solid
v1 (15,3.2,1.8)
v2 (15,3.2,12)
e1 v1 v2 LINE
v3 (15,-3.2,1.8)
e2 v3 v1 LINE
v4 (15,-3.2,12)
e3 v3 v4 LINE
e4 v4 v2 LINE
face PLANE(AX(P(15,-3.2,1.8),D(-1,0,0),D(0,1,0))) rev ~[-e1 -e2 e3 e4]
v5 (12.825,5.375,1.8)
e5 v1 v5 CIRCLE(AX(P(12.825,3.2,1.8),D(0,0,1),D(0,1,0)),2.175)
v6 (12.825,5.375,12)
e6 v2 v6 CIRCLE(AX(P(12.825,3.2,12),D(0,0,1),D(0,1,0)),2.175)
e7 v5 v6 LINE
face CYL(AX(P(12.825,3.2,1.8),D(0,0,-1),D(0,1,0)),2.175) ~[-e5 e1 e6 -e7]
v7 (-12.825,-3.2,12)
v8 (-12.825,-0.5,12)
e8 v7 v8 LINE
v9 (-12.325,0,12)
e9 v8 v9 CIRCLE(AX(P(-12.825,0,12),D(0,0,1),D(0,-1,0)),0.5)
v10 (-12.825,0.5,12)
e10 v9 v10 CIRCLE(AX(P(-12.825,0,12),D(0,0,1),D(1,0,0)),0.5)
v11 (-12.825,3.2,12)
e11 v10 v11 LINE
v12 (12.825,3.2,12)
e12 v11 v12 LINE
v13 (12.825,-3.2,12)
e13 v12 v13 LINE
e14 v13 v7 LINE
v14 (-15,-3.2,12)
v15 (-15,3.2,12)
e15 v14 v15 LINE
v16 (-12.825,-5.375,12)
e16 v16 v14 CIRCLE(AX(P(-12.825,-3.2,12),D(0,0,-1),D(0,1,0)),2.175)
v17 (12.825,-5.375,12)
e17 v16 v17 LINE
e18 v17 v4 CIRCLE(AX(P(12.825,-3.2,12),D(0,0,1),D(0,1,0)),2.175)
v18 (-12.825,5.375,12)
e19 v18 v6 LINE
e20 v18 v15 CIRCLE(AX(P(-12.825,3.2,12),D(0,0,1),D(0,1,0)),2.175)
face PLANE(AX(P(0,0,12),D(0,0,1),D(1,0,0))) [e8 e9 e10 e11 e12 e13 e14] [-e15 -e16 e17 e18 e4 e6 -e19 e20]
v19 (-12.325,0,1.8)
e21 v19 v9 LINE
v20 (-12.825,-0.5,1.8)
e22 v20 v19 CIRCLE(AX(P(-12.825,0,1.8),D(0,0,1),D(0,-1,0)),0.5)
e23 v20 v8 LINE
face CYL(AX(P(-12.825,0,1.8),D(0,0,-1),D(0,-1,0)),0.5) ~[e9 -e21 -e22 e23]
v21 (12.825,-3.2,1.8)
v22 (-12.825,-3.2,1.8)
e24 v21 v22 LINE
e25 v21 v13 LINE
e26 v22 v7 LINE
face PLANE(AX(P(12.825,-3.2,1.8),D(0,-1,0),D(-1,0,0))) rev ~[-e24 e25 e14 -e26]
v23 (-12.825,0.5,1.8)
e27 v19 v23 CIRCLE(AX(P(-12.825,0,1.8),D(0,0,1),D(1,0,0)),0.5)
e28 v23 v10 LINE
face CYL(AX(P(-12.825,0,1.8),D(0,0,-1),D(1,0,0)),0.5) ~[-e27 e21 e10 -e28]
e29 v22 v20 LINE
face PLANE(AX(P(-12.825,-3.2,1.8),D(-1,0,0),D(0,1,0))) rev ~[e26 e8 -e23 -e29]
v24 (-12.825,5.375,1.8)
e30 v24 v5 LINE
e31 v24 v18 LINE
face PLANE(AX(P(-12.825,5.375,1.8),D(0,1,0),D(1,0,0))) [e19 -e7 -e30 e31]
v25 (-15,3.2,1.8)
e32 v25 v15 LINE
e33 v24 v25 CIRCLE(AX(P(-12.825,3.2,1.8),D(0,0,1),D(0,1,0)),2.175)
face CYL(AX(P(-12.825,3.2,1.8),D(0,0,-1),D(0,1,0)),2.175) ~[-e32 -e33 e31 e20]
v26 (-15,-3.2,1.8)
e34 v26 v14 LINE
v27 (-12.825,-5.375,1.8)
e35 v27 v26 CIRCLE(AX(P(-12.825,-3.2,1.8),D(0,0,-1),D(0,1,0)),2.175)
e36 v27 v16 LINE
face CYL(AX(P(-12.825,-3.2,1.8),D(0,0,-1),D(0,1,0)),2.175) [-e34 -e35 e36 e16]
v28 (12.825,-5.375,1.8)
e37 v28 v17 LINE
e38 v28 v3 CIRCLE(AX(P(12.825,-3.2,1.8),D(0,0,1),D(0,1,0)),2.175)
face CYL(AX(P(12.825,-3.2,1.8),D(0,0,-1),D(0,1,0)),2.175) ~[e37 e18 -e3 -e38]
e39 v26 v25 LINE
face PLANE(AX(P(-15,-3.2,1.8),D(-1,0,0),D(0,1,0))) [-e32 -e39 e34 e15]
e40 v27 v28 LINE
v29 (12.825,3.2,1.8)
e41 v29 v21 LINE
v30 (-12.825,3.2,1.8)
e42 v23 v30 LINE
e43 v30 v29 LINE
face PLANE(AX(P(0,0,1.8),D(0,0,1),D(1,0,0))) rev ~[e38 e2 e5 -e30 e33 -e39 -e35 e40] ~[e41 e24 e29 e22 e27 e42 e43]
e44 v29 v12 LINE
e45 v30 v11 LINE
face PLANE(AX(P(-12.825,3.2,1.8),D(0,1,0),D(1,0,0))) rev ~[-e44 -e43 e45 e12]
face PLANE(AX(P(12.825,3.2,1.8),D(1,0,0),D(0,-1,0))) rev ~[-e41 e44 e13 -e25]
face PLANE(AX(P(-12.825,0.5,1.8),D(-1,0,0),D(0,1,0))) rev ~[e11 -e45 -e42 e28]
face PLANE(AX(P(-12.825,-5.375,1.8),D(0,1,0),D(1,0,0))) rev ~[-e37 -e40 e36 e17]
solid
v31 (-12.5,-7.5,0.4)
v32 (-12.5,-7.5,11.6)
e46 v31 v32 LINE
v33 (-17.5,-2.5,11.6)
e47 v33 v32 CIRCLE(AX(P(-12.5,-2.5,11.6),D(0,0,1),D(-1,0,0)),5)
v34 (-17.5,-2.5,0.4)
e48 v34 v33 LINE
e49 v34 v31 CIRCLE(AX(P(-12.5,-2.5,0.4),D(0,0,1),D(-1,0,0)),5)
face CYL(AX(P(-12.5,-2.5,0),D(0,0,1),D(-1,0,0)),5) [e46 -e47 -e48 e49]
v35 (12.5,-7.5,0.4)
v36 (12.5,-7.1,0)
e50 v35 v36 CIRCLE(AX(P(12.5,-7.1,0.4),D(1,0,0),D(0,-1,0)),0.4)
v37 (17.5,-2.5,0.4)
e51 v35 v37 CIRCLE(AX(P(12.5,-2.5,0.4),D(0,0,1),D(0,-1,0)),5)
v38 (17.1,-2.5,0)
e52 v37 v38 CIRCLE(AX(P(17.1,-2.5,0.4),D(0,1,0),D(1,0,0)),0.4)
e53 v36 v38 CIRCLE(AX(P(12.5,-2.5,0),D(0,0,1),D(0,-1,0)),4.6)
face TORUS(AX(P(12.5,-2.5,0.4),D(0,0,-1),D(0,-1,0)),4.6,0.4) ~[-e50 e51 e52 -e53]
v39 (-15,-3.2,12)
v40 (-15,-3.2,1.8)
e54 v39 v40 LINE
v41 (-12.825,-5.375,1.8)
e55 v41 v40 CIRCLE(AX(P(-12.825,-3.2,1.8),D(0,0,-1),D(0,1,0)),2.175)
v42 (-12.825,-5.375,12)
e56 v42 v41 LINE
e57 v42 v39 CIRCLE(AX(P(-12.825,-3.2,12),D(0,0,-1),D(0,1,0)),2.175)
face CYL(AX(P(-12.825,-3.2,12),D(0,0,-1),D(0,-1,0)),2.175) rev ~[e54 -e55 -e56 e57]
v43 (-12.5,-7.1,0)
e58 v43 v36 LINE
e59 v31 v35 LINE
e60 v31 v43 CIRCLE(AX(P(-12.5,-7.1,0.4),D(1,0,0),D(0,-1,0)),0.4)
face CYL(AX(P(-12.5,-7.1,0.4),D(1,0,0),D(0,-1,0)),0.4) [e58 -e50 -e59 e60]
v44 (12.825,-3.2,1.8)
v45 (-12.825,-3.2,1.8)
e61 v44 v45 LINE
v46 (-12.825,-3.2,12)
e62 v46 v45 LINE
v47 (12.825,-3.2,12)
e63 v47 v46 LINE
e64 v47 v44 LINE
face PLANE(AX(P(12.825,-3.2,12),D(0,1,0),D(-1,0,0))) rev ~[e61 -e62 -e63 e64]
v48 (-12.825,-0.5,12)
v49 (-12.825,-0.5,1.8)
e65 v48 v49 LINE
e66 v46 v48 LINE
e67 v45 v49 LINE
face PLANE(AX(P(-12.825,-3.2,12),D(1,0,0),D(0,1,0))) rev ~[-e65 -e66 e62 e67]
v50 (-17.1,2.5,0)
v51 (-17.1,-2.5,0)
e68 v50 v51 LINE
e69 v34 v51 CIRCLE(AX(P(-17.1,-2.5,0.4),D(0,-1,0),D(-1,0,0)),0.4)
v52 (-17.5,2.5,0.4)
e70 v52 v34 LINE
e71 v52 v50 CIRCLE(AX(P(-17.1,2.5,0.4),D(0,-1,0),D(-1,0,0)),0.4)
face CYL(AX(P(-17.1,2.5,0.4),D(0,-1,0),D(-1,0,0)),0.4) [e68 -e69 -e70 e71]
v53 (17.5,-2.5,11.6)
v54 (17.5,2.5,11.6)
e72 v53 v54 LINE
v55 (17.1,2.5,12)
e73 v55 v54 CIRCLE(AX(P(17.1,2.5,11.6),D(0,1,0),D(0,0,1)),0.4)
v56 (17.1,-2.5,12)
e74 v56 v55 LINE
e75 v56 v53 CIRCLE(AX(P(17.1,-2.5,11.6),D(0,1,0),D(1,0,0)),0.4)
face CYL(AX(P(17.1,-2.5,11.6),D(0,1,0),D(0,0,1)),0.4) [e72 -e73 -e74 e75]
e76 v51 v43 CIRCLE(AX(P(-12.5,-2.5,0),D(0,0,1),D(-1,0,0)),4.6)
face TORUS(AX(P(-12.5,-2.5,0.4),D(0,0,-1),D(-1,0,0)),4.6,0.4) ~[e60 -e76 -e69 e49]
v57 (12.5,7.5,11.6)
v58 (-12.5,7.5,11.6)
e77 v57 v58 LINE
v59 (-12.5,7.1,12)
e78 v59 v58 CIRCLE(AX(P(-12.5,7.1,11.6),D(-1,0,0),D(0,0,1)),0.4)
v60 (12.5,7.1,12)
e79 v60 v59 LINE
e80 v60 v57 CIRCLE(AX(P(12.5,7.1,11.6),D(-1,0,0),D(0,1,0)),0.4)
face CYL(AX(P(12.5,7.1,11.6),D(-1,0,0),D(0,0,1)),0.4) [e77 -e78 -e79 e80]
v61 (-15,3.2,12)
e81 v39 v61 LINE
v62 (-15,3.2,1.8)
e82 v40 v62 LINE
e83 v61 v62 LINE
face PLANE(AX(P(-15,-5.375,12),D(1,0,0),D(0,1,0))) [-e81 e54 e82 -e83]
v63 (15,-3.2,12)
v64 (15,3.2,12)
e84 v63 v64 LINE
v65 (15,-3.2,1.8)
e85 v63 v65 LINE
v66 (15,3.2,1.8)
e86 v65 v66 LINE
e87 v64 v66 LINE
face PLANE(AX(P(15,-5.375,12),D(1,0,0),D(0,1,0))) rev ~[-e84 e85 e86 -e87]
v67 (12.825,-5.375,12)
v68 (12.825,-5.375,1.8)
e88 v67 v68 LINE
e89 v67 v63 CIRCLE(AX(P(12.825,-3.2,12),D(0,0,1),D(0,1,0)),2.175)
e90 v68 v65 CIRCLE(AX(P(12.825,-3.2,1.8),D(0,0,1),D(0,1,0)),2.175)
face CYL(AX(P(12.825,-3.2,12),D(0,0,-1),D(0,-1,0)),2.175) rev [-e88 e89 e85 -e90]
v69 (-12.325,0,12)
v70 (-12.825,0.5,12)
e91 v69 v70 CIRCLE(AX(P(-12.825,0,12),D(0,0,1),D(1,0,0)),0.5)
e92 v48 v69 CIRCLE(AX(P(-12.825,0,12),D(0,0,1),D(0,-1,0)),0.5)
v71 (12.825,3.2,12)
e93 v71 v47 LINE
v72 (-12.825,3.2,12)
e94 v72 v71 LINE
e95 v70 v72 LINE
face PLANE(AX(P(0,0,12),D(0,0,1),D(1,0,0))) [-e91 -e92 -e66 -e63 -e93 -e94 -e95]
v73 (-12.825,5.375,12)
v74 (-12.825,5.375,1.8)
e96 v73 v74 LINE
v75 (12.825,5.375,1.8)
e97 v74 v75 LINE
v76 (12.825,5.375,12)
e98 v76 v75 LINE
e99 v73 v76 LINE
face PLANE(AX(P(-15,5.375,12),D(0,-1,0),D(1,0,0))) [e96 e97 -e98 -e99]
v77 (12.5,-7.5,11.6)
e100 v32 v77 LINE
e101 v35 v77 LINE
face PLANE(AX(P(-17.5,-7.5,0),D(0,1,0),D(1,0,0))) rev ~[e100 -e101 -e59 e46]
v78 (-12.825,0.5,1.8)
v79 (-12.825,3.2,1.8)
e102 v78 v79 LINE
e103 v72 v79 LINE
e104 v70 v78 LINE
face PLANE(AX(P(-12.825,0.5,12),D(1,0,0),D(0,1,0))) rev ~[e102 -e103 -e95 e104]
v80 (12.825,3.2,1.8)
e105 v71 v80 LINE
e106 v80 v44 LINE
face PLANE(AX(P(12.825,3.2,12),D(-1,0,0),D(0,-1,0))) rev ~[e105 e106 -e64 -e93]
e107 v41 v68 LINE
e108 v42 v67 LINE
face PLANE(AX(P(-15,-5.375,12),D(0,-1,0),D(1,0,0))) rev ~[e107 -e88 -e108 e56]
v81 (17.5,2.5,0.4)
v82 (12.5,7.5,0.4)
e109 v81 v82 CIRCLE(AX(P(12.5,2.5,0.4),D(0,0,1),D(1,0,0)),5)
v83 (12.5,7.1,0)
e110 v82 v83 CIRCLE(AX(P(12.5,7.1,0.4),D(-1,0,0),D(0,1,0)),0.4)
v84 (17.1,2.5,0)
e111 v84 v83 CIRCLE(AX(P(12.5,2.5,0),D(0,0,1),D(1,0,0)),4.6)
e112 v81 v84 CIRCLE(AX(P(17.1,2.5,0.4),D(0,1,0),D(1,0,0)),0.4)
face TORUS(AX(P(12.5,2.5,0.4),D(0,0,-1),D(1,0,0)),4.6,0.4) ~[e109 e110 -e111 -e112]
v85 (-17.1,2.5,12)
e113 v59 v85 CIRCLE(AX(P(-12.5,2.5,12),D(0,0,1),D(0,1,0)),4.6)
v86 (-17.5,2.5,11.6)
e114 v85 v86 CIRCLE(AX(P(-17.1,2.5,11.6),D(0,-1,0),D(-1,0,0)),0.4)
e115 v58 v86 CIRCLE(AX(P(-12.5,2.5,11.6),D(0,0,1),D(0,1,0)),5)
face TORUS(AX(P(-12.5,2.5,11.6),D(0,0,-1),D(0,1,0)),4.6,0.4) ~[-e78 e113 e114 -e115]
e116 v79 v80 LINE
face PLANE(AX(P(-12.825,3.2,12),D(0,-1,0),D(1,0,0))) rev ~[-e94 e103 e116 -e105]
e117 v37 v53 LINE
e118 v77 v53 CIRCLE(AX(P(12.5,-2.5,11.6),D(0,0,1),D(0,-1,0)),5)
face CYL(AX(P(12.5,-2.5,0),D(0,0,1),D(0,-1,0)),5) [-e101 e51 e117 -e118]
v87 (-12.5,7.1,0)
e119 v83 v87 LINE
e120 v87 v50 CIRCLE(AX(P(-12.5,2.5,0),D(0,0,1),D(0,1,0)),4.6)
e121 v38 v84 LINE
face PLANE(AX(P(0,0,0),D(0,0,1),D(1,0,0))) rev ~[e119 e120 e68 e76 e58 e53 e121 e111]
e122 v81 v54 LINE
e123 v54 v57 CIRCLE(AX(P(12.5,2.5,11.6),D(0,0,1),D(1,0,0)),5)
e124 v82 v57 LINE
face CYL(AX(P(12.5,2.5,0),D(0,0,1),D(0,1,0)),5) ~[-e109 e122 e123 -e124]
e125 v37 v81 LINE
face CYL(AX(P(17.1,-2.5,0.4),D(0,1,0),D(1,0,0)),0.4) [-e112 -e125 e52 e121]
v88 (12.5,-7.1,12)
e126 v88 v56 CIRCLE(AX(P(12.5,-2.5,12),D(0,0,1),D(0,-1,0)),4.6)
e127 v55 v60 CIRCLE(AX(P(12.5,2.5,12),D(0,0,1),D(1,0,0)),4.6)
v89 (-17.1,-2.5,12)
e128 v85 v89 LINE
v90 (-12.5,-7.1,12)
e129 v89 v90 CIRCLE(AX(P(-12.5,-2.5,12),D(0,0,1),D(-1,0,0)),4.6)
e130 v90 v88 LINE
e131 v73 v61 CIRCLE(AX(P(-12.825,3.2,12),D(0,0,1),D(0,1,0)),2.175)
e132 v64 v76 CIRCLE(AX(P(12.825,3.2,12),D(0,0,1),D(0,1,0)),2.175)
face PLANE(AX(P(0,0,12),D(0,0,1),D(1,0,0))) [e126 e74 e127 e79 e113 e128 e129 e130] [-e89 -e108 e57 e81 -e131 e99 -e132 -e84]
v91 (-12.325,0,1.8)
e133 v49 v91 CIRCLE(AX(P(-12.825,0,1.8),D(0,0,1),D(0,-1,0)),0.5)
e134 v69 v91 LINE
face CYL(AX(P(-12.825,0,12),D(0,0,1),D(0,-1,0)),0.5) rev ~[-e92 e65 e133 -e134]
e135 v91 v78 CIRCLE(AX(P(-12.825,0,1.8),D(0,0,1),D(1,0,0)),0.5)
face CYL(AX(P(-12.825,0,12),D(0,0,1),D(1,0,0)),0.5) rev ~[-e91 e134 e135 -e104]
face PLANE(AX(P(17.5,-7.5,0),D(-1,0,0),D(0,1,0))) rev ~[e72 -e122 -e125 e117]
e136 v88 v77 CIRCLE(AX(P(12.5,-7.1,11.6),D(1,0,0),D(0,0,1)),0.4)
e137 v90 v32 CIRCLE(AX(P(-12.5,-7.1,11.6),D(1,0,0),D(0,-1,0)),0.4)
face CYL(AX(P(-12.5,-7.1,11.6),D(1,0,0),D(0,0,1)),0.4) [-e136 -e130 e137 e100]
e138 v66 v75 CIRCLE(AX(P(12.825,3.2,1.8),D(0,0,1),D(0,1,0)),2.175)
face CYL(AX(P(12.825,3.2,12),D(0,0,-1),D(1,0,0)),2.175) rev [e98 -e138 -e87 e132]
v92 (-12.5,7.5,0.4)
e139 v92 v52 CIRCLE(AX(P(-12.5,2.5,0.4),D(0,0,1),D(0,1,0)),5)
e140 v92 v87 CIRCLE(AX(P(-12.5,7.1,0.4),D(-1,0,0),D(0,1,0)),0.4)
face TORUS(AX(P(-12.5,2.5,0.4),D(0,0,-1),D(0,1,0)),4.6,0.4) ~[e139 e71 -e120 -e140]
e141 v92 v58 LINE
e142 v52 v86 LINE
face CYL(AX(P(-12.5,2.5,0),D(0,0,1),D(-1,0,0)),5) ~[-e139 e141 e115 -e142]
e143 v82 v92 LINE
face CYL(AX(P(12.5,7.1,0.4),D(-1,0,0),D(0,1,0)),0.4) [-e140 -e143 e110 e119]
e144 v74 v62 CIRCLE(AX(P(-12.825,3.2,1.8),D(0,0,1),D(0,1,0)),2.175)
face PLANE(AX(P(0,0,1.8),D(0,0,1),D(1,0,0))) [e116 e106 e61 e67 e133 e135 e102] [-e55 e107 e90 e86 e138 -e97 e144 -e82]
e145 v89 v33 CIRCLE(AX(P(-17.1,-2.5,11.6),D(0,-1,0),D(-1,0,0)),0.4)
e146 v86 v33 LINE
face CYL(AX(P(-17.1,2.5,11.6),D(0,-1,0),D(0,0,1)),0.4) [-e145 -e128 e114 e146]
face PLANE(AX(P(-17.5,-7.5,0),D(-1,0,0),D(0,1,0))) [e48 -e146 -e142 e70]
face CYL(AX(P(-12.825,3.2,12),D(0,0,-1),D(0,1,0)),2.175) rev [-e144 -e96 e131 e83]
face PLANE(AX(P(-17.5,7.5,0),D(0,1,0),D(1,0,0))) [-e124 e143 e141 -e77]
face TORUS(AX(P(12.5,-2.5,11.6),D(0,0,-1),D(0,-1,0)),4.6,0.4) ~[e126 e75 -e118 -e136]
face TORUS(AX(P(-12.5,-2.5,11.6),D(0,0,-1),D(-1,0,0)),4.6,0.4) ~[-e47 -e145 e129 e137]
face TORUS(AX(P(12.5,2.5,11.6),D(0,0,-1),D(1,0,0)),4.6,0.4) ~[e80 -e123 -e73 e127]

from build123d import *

# Parameters (mm, degrees)
F0_W     = 35
F0_H     = 15
F1_DEPTH = 12
F2_W     = 30
F2_H     = 10.75
F3_DEPTH = 10.2
F4_R     = 2.175
F5_R     = 5
F6_R     = 0.4
F7_DEPTH = 10.2


with BuildPart() as f1:
    # F0 (on Top) → F1 (new body)
    with BuildSketch(Plane.XY):
        Rectangle(F0_W, F0_H)
    extrude(amount=F1_DEPTH)

    # F2 (on face) → F3 (cut)
    with BuildSketch(Plane.XY.offset(12)):
        Rectangle(F2_W, F2_H)
        with BuildLine():
            Line((12.825, 3.2), (12.825, -3.2))
            Line((12.825, -3.2), (-12.825, -3.2))
            Line((-12.825, -3.2), (-12.825, -0.5))
            ThreePointArc((-12.825, -0.5), (-13.325, 0), (-12.825, 0.5))
            Line((-12.825, 0.5), (-12.825, 3.2))
            Line((-12.825, 3.2), (12.825, 3.2))
        make_face(mode=Mode.SUBTRACT)
        with BuildLine():
            ThreePointArc((-12.825, 0.5), (-13.325, 0), (-12.825, -0.5))
            Line((-12.825, -0.5), (-12.825, 0.5))
        make_face()
        with BuildLine():
            Line((-12.825, 0.5), (-12.825, -0.5))
            ThreePointArc((-12.825, -0.5), (-12.4714466094, -0.3535533906), (-12.325, 0))
            ThreePointArc((-12.325, 0), (-12.4714466094, 0.3535533906), (-12.825, 0.5))
        make_face()
    extrude(amount=-F3_DEPTH, mode=Mode.SUBTRACT)

    # F4
    f4_edges = [f1.edges().sort_by_distance(p)[0] for p in [
        (-15, 5.375, 6.9),
        (15, 5.375, 6.9),
        (15, -5.375, 6.9),
        (-15, -5.375, 6.9),
    ]]
    fillet(f4_edges, radius=F4_R)

    # F5
    f5_edges = [f1.edges().sort_by_distance(p)[0] for p in [
        (-17.5, 7.5, 6),
        (-17.5, -7.5, 6),
        (17.5, 7.5, 6),
        (17.5, -7.5, 6),
    ]]
    fillet(f5_edges, radius=F5_R)

    # F6
    f6_edges = [f1.edges().sort_by_distance(p)[0] for p in [
        (0, -7.5, 0),
        (-16.035534, -6.035534, 0),
        (16.035534, -6.035534, 0),
        (-17.5, 0, 0),
        (17.5, 0, 0),
        (-16.035534, 6.035534, 0),
        (16.035534, 6.035534, 0),
        (0, 7.5, 0),
        (-16.035534, -6.035534, 12),
    ]]
    fillet(f6_edges, radius=F6_R)


with BuildPart() as f7:
    # F7 (new): a face of the model
    f7_faces = [f1.part.faces().sort_by_distance(p)[0] for p in [
        (0, -5.0563210864, 1.8),
    ]]
    extrude(f7_faces, amount=F7_DEPTH)


solid = Compound([f1.part, f7.part])
